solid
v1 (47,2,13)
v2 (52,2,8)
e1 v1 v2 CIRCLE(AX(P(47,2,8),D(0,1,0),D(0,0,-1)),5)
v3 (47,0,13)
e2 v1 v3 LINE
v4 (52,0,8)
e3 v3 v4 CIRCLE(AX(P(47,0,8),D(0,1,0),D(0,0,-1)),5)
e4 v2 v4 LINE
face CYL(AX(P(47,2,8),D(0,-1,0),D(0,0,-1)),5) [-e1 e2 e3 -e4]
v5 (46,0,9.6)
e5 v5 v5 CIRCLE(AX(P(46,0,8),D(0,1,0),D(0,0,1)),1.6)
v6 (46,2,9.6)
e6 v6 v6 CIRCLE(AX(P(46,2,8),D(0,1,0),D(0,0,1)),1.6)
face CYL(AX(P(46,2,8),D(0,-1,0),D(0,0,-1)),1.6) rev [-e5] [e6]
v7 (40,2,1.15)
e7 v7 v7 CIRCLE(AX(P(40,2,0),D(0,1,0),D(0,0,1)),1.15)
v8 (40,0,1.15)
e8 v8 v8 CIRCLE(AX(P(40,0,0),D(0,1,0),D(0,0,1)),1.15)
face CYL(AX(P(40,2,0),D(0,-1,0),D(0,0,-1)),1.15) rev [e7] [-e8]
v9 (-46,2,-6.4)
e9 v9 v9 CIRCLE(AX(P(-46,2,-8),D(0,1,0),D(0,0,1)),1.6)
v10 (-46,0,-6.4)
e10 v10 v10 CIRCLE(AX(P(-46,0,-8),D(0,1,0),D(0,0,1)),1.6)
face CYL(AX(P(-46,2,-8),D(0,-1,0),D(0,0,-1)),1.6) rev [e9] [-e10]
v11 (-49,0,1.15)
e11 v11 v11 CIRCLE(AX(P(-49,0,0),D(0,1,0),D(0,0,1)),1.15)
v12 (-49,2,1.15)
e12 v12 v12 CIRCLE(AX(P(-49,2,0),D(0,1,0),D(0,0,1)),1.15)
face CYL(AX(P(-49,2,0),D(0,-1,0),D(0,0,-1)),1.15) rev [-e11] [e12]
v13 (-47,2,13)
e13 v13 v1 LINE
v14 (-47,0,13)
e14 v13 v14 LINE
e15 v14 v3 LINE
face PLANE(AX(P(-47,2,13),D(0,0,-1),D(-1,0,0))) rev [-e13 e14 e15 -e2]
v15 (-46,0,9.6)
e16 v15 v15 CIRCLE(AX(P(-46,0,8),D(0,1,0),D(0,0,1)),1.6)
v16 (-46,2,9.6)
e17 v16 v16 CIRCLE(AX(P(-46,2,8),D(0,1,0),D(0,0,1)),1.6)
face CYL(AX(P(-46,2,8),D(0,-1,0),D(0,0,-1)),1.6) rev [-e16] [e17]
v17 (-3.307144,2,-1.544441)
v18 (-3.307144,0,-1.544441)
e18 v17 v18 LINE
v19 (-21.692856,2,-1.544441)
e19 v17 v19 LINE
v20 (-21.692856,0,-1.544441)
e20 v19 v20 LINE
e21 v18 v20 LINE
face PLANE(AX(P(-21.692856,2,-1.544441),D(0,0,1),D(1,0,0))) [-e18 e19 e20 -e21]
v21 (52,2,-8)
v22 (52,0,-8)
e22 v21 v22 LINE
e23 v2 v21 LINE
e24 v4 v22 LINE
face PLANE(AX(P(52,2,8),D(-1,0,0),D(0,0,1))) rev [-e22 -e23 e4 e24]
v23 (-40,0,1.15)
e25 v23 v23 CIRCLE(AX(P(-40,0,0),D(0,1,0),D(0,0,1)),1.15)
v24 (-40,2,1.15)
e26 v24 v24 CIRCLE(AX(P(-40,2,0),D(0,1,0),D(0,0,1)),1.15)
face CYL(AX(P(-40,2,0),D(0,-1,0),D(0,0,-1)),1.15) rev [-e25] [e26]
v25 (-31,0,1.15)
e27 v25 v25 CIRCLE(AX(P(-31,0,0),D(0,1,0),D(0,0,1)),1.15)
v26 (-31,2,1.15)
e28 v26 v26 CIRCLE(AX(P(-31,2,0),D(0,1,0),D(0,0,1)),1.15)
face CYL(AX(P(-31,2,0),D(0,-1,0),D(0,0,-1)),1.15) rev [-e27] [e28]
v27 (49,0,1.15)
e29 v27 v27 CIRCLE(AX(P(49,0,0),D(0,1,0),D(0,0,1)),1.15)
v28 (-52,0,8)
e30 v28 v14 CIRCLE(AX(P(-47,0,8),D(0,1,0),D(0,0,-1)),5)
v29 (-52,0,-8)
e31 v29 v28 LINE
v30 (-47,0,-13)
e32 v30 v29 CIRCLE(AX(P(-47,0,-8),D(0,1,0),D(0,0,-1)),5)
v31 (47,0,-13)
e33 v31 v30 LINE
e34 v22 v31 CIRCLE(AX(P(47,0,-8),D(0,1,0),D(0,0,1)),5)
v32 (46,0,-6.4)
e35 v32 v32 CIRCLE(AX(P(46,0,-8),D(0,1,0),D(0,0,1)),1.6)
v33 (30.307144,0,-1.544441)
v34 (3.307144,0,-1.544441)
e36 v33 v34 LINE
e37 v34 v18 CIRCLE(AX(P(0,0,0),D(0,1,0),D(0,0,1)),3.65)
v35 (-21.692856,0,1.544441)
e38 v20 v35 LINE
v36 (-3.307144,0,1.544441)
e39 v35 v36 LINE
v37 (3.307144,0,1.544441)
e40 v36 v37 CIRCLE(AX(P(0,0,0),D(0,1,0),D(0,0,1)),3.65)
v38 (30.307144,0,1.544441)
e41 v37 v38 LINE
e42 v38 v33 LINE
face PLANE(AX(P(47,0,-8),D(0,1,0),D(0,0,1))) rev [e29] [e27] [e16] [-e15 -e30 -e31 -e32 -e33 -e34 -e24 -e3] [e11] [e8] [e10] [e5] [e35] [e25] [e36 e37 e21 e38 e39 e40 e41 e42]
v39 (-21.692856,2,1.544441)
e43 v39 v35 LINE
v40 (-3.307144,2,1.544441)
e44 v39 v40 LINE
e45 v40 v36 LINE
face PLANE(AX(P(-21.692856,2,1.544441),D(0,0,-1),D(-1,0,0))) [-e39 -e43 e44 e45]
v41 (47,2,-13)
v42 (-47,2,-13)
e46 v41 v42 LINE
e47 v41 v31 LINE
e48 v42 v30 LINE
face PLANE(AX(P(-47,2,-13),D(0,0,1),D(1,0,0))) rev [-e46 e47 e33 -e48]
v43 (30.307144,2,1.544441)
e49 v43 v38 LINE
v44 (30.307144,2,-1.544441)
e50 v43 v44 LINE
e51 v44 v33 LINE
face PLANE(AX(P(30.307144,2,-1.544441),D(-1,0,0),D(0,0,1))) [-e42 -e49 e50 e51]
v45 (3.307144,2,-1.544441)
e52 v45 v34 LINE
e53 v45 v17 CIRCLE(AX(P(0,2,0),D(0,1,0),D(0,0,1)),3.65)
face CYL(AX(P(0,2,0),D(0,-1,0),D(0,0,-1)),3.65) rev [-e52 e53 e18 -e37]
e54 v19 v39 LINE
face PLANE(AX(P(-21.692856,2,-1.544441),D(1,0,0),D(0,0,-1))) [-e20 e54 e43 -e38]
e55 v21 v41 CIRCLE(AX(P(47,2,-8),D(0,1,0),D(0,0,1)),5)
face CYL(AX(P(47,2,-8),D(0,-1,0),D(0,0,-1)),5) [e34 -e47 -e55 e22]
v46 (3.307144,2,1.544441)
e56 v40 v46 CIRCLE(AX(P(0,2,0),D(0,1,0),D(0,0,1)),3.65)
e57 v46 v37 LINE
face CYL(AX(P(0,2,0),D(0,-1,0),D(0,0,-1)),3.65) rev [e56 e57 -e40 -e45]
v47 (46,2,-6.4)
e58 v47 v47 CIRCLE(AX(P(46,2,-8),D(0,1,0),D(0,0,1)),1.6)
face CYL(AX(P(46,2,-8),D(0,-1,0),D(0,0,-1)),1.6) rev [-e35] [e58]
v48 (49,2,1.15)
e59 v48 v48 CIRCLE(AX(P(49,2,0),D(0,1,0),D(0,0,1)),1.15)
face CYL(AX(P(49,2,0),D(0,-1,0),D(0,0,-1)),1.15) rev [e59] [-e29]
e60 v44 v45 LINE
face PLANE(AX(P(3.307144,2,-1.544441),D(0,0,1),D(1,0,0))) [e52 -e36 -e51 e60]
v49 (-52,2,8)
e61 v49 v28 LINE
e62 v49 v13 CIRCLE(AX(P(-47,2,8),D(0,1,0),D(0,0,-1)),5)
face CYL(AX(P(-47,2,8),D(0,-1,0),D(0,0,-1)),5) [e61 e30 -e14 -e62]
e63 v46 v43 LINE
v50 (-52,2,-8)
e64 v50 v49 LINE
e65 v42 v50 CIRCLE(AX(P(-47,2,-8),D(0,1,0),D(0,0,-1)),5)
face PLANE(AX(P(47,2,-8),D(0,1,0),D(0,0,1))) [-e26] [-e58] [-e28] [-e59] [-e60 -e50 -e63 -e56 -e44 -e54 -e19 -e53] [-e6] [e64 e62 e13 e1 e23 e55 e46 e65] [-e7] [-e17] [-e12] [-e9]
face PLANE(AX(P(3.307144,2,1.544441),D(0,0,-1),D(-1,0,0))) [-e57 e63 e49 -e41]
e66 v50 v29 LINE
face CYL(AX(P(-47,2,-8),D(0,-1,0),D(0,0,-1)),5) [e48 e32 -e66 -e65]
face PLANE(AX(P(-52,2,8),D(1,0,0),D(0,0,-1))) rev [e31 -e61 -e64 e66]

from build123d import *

# Parameters (mm, degrees)
ESBO_O1_R                = 1.6
ESBO_O1_R_2              = 1.15
RESSALTO_EXTRUS_O1_DEPTH = 2


with BuildPart() as part:
    # Esboço1 → Ressalto-extrusão1 (new body)
    with BuildSketch(Plane(origin=(0, 0, 0), x_dir=(1, 0, 0), z_dir=(0, 1, 0))):
        with BuildLine():
            Line((-47, -13), (47, -13))
            ThreePointArc((47, -13), (50.535533906, -11.535533906), (52, -8))
            Line((52, -8), (52, 8))
            ThreePointArc((52, 8), (50.535533906, 11.535533906), (47, 13))
            Line((47, 13), (-47, 13))
            ThreePointArc((-47, 13), (-50.535533906, 11.535533906), (-52, 8))
            Line((-52, 8), (-52, -8))
            ThreePointArc((-52, -8), (-50.535533906, -11.535533906), (-47, -13))
        make_face()
        with Locations((46, 8)):
            Circle(ESBO_O1_R, mode=Mode.SUBTRACT)
        with Locations((46, -8)):
            Circle(ESBO_O1_R, mode=Mode.SUBTRACT)
        with Locations((49, 0)):
            Circle(ESBO_O1_R_2, mode=Mode.SUBTRACT)
        with Locations((40, 0)):
            Circle(ESBO_O1_R_2, mode=Mode.SUBTRACT)
        with Locations((-46, 8)):
            Circle(ESBO_O1_R, mode=Mode.SUBTRACT)
        with Locations((-46, -8)):
            Circle(ESBO_O1_R, mode=Mode.SUBTRACT)
        with Locations((-40, 0)):
            Circle(ESBO_O1_R_2, mode=Mode.SUBTRACT)
        with Locations((-49, 0)):
            Circle(ESBO_O1_R_2, mode=Mode.SUBTRACT)
        with Locations((-31, 0)):
            Circle(ESBO_O1_R_2, mode=Mode.SUBTRACT)
        with BuildLine():
            Line((3.307143995, -1.544441193), (30.307143995, -1.544441193))
            Line((30.307143995, -1.544441193), (30.307143995, 1.544441193))
            Line((30.307143995, 1.544441193), (3.307143995, 1.544441193))
            ThreePointArc((3.307143995, 1.544441193), (0, 3.65), (-3.307143995, 1.544441193))
            Line((-3.307143995, 1.544441193), (-21.692856005, 1.544441193))
            Line((-21.692856005, 1.544441193), (-21.692856005, -1.544441193))
            Line((-21.692856005, -1.544441193), (-3.307143995, -1.544441193))
            ThreePointArc((-3.307143995, -1.544441193), (0, -3.65), (3.307143995, -1.544441193))
        make_face(mode=Mode.SUBTRACT)
    extrude(amount=RESSALTO_EXTRUS_O1_DEPTH)


solid = part.part
